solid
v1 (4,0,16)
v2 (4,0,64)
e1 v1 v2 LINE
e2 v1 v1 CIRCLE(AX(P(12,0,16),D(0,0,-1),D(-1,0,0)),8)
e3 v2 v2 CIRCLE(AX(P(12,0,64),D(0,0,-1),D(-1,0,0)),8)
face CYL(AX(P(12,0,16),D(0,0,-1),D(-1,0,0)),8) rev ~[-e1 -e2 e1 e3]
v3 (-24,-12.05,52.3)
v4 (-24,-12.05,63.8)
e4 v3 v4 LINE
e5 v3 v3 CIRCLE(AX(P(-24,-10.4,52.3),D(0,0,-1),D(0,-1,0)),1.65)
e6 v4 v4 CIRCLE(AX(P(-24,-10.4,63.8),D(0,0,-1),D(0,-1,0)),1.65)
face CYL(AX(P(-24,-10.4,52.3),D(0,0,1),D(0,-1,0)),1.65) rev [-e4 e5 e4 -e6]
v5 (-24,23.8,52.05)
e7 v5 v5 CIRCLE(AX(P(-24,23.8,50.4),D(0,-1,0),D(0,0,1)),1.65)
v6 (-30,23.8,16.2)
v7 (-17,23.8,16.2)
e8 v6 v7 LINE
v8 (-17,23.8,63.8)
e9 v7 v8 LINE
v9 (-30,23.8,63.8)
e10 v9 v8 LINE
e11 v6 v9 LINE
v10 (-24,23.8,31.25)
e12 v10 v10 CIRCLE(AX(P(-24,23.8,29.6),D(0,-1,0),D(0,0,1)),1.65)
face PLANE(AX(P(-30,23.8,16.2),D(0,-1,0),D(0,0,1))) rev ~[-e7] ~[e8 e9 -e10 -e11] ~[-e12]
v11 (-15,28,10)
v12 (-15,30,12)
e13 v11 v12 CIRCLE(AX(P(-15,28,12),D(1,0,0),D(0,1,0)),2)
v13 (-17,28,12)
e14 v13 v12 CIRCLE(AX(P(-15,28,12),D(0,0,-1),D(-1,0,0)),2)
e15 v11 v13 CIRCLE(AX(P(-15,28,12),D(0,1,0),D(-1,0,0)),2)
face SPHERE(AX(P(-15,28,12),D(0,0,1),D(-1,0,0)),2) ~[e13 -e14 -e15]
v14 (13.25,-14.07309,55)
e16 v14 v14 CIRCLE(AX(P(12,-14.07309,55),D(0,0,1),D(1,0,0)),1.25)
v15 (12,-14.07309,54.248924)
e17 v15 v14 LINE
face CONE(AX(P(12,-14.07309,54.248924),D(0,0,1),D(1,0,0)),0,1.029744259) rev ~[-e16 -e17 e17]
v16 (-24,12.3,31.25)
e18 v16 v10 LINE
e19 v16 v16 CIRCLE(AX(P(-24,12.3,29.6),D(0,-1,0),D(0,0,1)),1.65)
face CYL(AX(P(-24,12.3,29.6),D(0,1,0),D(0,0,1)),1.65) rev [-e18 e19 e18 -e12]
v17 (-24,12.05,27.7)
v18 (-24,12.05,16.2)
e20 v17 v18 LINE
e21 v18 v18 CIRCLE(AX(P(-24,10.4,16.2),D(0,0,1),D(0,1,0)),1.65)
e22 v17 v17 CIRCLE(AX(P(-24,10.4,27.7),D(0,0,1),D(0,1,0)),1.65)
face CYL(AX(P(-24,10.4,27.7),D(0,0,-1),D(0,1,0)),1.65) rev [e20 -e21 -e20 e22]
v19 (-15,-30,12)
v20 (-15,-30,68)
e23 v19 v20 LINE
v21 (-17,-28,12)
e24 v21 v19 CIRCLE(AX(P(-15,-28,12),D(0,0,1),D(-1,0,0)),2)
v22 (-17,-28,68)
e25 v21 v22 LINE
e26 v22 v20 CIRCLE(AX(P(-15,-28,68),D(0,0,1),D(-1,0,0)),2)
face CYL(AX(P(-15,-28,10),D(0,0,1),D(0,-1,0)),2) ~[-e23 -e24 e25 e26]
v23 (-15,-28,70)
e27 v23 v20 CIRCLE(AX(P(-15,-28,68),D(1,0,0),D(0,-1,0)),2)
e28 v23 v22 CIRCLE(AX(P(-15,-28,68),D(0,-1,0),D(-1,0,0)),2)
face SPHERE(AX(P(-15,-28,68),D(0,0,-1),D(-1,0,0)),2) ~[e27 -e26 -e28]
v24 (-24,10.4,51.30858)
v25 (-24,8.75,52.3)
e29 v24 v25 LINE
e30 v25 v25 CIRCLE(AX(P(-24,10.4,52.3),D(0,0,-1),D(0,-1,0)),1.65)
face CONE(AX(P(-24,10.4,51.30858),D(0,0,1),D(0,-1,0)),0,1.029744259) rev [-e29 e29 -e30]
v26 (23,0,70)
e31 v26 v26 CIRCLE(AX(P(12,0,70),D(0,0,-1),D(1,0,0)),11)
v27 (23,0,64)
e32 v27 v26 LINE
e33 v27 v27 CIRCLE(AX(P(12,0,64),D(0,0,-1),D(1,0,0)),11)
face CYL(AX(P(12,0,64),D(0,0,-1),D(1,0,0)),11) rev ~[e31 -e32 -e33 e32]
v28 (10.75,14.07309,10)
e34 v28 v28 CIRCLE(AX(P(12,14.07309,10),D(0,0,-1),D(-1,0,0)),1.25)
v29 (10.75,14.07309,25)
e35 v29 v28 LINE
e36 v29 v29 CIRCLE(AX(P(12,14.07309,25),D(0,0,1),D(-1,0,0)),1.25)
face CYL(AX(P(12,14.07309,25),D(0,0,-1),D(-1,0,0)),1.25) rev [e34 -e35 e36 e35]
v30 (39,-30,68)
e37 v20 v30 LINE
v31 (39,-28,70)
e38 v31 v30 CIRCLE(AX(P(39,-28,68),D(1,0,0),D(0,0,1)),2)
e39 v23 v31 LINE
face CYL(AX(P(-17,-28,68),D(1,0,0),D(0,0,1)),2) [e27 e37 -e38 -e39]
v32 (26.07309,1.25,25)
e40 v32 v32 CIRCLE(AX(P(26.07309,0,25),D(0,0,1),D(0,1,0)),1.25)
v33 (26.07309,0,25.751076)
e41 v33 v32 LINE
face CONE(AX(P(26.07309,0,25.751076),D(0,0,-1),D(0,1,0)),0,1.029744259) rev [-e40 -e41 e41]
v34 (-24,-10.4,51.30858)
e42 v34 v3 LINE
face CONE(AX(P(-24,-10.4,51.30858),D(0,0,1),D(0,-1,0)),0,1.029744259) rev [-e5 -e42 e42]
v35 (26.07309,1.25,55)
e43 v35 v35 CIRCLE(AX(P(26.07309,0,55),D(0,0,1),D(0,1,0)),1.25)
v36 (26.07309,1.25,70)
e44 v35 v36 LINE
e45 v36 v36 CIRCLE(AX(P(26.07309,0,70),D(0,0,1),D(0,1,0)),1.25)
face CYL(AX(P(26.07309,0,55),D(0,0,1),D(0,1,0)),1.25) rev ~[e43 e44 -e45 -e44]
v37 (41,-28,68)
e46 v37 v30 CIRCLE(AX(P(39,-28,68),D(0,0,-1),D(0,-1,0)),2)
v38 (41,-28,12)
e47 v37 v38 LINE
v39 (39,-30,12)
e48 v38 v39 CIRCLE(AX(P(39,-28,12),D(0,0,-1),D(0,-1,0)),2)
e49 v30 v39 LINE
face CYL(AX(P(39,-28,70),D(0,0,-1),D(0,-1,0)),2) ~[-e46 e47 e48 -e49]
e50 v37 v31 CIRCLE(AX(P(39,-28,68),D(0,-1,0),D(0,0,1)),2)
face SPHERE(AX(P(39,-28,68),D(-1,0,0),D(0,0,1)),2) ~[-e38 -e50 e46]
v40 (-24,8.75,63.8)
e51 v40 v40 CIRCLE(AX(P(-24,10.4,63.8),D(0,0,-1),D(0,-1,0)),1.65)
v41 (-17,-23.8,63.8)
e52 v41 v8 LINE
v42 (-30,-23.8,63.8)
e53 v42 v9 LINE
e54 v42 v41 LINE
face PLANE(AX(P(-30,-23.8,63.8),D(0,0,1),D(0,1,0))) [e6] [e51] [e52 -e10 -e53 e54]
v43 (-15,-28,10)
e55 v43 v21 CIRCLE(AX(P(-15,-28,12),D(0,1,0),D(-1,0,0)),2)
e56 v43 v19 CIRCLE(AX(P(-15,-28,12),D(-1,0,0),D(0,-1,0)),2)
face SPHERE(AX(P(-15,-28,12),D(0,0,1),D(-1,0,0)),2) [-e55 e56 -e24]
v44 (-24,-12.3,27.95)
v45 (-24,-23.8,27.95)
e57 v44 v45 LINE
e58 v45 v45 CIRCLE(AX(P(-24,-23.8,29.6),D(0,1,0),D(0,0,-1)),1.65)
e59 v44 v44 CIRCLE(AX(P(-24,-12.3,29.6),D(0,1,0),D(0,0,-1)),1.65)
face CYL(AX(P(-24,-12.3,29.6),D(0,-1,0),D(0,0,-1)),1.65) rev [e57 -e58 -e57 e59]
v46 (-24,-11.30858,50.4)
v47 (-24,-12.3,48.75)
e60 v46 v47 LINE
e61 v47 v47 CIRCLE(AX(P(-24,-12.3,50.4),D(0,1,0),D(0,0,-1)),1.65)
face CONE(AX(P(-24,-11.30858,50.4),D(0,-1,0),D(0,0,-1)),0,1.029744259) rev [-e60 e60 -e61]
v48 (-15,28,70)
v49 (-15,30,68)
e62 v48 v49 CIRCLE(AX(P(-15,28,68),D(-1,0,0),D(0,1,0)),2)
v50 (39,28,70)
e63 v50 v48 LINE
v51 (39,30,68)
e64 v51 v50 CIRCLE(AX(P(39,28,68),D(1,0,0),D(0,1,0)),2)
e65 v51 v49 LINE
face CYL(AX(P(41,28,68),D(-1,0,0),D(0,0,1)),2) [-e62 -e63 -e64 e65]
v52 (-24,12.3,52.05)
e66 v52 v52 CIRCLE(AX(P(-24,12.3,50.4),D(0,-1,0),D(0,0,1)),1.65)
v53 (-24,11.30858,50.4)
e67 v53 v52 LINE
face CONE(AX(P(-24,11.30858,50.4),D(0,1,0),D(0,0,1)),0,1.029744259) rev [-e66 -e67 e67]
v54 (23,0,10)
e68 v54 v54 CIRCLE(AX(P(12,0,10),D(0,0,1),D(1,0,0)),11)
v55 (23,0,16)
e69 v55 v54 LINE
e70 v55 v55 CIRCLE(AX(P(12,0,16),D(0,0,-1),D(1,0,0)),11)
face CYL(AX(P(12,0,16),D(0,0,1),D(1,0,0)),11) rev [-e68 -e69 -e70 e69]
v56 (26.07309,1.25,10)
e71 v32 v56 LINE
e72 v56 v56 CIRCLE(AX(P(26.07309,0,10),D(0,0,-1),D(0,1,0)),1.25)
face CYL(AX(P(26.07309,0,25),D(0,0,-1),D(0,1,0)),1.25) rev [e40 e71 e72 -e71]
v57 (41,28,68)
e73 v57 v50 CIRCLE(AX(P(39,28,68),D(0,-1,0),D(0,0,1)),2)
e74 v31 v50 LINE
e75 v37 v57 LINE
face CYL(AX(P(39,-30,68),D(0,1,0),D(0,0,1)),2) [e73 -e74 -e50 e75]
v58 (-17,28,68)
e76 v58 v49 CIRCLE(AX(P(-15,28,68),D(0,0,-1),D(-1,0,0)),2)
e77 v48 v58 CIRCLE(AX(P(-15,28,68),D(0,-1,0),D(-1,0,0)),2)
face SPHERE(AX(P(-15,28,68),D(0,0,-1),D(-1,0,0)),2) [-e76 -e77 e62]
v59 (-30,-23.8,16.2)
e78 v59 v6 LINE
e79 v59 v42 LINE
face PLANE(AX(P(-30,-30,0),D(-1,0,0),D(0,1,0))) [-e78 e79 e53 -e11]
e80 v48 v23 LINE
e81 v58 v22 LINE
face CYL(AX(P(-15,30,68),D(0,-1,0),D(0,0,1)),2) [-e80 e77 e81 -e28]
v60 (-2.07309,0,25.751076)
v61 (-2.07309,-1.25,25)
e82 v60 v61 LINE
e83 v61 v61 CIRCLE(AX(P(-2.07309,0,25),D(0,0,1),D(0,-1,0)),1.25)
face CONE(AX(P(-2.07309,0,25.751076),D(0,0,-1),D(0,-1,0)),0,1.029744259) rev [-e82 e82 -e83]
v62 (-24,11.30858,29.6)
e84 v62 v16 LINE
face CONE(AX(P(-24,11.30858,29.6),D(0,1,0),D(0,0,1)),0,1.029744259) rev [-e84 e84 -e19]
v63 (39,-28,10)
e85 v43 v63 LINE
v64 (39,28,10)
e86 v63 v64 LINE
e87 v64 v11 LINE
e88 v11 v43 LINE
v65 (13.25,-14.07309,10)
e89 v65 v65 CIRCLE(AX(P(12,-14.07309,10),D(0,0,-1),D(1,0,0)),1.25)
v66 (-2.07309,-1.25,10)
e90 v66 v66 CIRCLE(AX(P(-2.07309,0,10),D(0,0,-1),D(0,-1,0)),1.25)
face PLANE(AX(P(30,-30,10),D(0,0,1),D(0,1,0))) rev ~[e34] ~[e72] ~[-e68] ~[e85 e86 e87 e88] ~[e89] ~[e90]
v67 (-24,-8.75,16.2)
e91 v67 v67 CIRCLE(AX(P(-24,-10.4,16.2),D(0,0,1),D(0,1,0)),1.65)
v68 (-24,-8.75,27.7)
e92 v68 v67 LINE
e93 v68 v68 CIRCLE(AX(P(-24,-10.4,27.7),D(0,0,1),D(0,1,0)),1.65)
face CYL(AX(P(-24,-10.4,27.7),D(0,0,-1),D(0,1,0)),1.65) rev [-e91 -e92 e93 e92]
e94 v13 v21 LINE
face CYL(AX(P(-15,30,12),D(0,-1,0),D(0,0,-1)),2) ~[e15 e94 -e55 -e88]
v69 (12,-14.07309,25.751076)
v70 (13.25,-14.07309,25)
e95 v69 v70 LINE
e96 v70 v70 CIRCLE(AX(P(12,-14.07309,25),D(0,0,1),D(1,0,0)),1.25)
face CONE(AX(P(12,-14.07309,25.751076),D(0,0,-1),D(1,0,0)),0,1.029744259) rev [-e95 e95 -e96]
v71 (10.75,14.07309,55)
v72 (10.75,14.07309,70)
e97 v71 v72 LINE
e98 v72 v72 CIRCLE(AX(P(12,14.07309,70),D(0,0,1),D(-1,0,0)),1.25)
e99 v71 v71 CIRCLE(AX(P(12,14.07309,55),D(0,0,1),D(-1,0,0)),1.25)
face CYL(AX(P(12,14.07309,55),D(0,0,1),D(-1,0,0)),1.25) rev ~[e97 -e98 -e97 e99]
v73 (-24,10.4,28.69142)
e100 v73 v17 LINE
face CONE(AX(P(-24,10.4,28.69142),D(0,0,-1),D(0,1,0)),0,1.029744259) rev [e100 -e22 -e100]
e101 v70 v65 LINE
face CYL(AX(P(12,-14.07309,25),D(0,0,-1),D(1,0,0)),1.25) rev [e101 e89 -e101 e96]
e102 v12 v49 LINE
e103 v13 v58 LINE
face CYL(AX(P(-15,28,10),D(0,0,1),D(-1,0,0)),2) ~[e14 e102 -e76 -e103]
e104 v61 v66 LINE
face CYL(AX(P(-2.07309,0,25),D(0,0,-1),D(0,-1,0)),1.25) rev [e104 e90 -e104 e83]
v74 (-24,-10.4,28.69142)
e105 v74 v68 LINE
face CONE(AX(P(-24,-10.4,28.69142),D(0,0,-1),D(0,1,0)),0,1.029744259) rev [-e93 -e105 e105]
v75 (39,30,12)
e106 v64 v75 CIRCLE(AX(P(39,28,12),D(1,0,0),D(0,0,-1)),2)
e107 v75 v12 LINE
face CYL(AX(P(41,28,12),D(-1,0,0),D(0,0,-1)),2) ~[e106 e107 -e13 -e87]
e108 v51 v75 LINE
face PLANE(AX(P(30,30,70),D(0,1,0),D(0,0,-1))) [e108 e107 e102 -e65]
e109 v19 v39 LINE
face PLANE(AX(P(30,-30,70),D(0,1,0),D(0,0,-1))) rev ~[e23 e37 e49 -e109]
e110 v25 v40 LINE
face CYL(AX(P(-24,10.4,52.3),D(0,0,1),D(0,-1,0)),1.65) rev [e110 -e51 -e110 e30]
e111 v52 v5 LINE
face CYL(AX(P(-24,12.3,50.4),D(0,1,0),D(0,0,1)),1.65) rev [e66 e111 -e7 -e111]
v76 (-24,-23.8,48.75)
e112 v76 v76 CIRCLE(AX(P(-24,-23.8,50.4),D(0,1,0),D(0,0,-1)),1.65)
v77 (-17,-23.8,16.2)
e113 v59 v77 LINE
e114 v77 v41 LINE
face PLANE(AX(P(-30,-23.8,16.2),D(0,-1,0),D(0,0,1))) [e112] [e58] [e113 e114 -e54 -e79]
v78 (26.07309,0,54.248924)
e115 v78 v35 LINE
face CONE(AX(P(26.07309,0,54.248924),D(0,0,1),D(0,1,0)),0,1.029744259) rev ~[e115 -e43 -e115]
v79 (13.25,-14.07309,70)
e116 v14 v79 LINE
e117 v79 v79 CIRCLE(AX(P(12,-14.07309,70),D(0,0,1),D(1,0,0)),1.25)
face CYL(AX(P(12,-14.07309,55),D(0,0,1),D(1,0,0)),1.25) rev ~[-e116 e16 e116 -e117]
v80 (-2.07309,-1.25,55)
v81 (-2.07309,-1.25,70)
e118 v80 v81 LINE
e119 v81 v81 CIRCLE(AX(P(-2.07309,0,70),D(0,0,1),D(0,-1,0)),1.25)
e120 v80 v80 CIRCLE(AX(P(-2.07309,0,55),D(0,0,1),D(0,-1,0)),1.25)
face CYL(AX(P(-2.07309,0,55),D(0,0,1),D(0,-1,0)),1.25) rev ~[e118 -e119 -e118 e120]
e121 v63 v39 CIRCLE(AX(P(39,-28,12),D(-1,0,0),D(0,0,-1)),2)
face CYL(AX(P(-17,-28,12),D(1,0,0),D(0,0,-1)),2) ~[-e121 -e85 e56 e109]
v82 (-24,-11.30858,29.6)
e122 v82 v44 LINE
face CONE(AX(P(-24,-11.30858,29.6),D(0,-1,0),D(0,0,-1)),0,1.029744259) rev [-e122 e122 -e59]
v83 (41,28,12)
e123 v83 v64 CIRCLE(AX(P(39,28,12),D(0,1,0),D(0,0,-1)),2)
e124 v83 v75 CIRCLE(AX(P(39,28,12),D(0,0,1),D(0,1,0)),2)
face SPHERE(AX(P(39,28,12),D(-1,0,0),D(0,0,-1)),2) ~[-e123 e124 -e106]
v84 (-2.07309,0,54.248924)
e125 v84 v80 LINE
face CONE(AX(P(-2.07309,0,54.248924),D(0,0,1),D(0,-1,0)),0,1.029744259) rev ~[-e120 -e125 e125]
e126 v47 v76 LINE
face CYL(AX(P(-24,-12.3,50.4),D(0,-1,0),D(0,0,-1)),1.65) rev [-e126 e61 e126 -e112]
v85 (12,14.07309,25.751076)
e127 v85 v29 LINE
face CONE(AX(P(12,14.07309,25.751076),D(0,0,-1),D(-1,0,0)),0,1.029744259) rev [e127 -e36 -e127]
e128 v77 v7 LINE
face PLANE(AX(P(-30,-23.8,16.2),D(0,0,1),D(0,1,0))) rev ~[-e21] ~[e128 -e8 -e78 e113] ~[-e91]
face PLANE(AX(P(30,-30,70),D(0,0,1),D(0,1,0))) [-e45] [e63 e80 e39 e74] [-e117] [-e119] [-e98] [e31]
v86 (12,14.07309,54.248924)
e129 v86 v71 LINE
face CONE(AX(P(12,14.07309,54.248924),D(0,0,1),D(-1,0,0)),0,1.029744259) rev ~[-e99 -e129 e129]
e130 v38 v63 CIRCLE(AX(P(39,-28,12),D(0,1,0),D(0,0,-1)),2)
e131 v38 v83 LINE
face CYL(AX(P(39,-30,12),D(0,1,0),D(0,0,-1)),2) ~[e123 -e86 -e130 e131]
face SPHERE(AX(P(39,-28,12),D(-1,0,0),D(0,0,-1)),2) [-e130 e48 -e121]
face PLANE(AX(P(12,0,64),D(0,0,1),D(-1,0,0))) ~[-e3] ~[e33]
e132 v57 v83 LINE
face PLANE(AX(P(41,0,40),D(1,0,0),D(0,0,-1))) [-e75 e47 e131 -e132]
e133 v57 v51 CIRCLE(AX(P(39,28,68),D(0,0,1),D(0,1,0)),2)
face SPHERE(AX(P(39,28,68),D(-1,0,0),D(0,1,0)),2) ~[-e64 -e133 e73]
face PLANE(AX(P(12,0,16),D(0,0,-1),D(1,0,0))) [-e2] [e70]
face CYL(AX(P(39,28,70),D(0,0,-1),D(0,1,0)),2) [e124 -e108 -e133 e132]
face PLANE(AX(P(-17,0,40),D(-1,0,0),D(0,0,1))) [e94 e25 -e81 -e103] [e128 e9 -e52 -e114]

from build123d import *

# Parameters (mm, degrees)
SKETCH1_W                  = 60
SKETCH1_H                  = 60
BOSS_EXTRUDE1_DEPTH        = 80
CUT_EXTRUDE2_START         = -16
SKETCH3_R                  = 11
CUT_EXTRUDE2_DEPTH         = 107.553851381
SKETCH4_OUTSIDE_W          = 105.324
SKETCH4_OUTSIDE_H          = 85.324
SKETCH4_OUTSIDE_W_2        = 47.6
SKETCH4_OUTSIDE_H_2        = 47.6
CUT_EXTRUDE5_DEPTH         = 13
M4_TAPPED_HOLE2_AT_2_COUNT = 2
M4_TAPPED_HOLE2_AT_2_PITCH = 20.8
CIRPATTERN2_COUNT          = 4
CIRPATTERN4_COUNT          = 4
SKETCH21_R                 = 8
CUT_EXTRUDE6_DEPTH         = 77.785415282
SKETCH24_W                 = 10
SKETCH24_H                 = 60
CUT_EXTRUDE7_DEPTH         = 53
SKETCH25_W                 = 60
SKETCH25_H                 = 60
BOSS_EXTRUDE2_DEPTH        = 11
FILLET1_R                  = 2


with BuildPart() as part:
    # Sketch1 → Boss-Extrude1 (new body)
    with BuildSketch(Plane.XY):
        Rectangle(SKETCH1_W, SKETCH1_H)
    extrude(amount=BOSS_EXTRUDE1_DEPTH)

    # Sketch3 → Cut-Extrude2 (cut)
    with BuildSketch(Plane(origin=(0, 0, 0), x_dir=(-1, 0, 0), z_dir=(0, 0, -1)).offset(CUT_EXTRUDE2_START)):
        with Locations(Location((-12, 0, 0), (0, 0, 180))):
            Circle(SKETCH3_R)
    cut_extrude2 = extrude(amount=CUT_EXTRUDE2_DEPTH, mode=Mode.SUBTRACT)

    # Sketch4 outside → Cut-Extrude5 (cut)
    with BuildSketch(Plane.ZY.offset(30)):
        with Locations((40, 0)):
            Rectangle(SKETCH4_OUTSIDE_W, SKETCH4_OUTSIDE_H)
        with Locations((40, 0)):
            Rectangle(SKETCH4_OUTSIDE_W_2, SKETCH4_OUTSIDE_H_2, mode=Mode.SUBTRACT)
    extrude(amount=-CUT_EXTRUDE5_DEPTH, mode=Mode.SUBTRACT)

    # Sketch19 → M4 Tapped Hole2 (revolve, cut)
    with BuildSketch(Plane(origin=(-24, -23.8, 29.6), x_dir=(0, 0, -1), z_dir=(1, 0, 0))):
        Polygon((0, 0), (0, 12.491420021), (1.65, 11.5), (1.65, 0), align=None)
    m4_tapped_hole2 = revolve(axis=Axis((-24, -30.15, 29.6), (0, 1, 0)), mode=Mode.SUBTRACT)

    # M4 Tapped Hole2 at 2: M4 Tapped Hole2 ×2
    with Locations(*[(0, 0, i * M4_TAPPED_HOLE2_AT_2_PITCH) for i in range(1, M4_TAPPED_HOLE2_AT_2_COUNT)]):
        add(m4_tapped_hole2, mode=Mode.SUBTRACT)

    # CirPattern2: M4 Tapped Hole2 ×4 about axis
    cirpattern2_axis = Axis((-30, 0, 40), (1, 0, 0))
    for i in range(1, CIRPATTERN2_COUNT):
        add(m4_tapped_hole2.rotate(cirpattern2_axis, i * 360 / CIRPATTERN2_COUNT), mode=Mode.SUBTRACT)

    # CirPattern2 copy 1 sketch → CirPattern2 copy 1 (revolve, cut)
    with BuildSketch(Plane(origin=(-24, -10.4, 16.2), x_dir=(0, 1, 0), z_dir=(1, 0, 0))):
        Polygon((0, 0), (0, 12.491420021), (1.65, 11.5), (1.65, 0), align=None)
    revolve(axis=Axis((-24, -10.4, 9.85), (0, 0, 1)), mode=Mode.SUBTRACT)

    # CirPattern2 copy 2 sketch → CirPattern2 copy 2 (revolve, cut)
    with BuildSketch(Plane(origin=(-24, 23.8, 29.6), x_dir=(0, 0, 1), z_dir=(1, 0, 0))):
        Polygon((0, 0), (0, 12.491420021), (1.65, 11.5), (1.65, 0), align=None)
    revolve(axis=Axis((-24, 30.15, 29.6), (0, -1, 0)), mode=Mode.SUBTRACT)

    # CirPattern2 copy 3 sketch → CirPattern2 copy 3 (revolve, cut)
    with BuildSketch(Plane(origin=(-24, 10.4, 63.8), x_dir=(0, -1, 0), z_dir=(1, 0, 0))):
        Polygon((0, 0), (0, 12.491420021), (1.65, 11.5), (1.65, 0), align=None)
    revolve(axis=Axis((-24, 10.4, 70.15), (0, 0, -1)), mode=Mode.SUBTRACT)

    # Mirror2: Cut-Extrude2 across plane
    add(cut_extrude2.mirror(Plane(origin=(0, 0, 40), x_dir=(1, 0, 0), z_dir=(0, 0, -1))), mode=Mode.SUBTRACT)

    # Sketch23 → M3 Tapped Hole1 (revolve, cut)
    with BuildSketch(Plane.YZ.offset(26.073090354)):
        Polygon((0, 0), (0, 25.751075774), (1.25, 25), (1.25, 0), align=None)
    m3_tapped_hole1 = revolve(axis=Axis((26.073090354, 0, -6.35), (0, 0, 1)), mode=Mode.SUBTRACT)

    # CirPattern4: M3 Tapped Hole1 ×4 about axis
    cirpattern4_axis = Axis((12, 0, 0), (0, 0, 1))
    for i in range(1, CIRPATTERN4_COUNT):
        add(m3_tapped_hole1.rotate(cirpattern4_axis, i * 360 / CIRPATTERN4_COUNT), mode=Mode.SUBTRACT)

    # Mirror3: M3 Tapped Hole1 across plane
    add(m3_tapped_hole1.mirror(Plane(origin=(0, 0, 40), x_dir=(1, 0, 0), z_dir=(0, 0, -1))), mode=Mode.SUBTRACT)

    # Mirror3 copy 1 sketch → Mirror3 copy 1 (revolve, cut)
    with BuildSketch(Plane(origin=(12, 14.073090354, 80), x_dir=(-1, 0, 0), z_dir=(0, 1, 0))):
        Polygon((0, 0), (0, -25.751075774), (1.25, -25), (1.25, 0), align=None)
    revolve(axis=Axis((12, 14.073090354, 86.35), (0, 0, 1)), mode=Mode.SUBTRACT)

    # Mirror3 copy 2 sketch → Mirror3 copy 2 (revolve, cut)
    with BuildSketch(Plane(origin=(-2.073090354, 0, 80), x_dir=(0, -1, 0), z_dir=(-1, 0, 0))):
        Polygon((0, 0), (0, -25.751075774), (1.25, -25), (1.25, 0), align=None)
    revolve(axis=Axis((-2.073090354, 0, 86.35), (0, 0, 1)), mode=Mode.SUBTRACT)

    # Mirror3 copy 3 sketch → Mirror3 copy 3 (revolve, cut)
    with BuildSketch(Plane(origin=(12, -14.073090354, 80), x_dir=(1, 0, 0), z_dir=(0, -1, 0))):
        Polygon((0, 0), (0, -25.751075774), (1.25, -25), (1.25, 0), align=None)
    revolve(axis=Axis((12, -14.073090354, 86.35), (0, 0, 1)), mode=Mode.SUBTRACT)

    # Sketch21 → Cut-Extrude6 (cut, through all)
    with BuildSketch(Plane(origin=(0, 0, 16), x_dir=(-1, 0, 0), z_dir=(0, 0, -1))):
        with Locations((-12, 0)):
            Circle(SKETCH21_R)
    extrude(amount=-CUT_EXTRUDE6_DEPTH, mode=Mode.SUBTRACT)

    # Sketch24 → Cut-Extrude7 (cut)
    with BuildSketch(Plane(origin=(30, 0, 0), x_dir=(0, 0, -1), z_dir=(1, 0, 0))):
        with Locations((-5, 0)):
            Rectangle(SKETCH24_W, SKETCH24_H)
        with Locations((-75, 0)):
            Rectangle(SKETCH24_W, SKETCH24_H)
    extrude(amount=-CUT_EXTRUDE7_DEPTH, mode=Mode.SUBTRACT)

    # Sketch25 → Boss-Extrude2 (add)
    with BuildSketch(Plane(origin=(30, 0, 0), x_dir=(0, 0, -1), z_dir=(1, 0, 0))):
        with Locations((-40, 0)):
            Rectangle(SKETCH25_W, SKETCH25_H)
    extrude(amount=BOSS_EXTRUDE2_DEPTH)

    # Fillet1
    fillet1_edges = [part.edges().sort_by_distance(p)[0] for p in [
        (-17, 30, 40),
        (-17, -30, 40),
        (-17, 0, 10),
        (12, -30, 10),
        (12, 30, 10),
        (-17, 0, 70),
        (12, 30, 70),
        (12, -30, 70),
        (41, 0, 10),
        (41, 30, 40),
        (41, 0, 70),
        (41, -30, 40),
    ]]
    fillet(fillet1_edges, radius=FILLET1_R)


solid = part.part
